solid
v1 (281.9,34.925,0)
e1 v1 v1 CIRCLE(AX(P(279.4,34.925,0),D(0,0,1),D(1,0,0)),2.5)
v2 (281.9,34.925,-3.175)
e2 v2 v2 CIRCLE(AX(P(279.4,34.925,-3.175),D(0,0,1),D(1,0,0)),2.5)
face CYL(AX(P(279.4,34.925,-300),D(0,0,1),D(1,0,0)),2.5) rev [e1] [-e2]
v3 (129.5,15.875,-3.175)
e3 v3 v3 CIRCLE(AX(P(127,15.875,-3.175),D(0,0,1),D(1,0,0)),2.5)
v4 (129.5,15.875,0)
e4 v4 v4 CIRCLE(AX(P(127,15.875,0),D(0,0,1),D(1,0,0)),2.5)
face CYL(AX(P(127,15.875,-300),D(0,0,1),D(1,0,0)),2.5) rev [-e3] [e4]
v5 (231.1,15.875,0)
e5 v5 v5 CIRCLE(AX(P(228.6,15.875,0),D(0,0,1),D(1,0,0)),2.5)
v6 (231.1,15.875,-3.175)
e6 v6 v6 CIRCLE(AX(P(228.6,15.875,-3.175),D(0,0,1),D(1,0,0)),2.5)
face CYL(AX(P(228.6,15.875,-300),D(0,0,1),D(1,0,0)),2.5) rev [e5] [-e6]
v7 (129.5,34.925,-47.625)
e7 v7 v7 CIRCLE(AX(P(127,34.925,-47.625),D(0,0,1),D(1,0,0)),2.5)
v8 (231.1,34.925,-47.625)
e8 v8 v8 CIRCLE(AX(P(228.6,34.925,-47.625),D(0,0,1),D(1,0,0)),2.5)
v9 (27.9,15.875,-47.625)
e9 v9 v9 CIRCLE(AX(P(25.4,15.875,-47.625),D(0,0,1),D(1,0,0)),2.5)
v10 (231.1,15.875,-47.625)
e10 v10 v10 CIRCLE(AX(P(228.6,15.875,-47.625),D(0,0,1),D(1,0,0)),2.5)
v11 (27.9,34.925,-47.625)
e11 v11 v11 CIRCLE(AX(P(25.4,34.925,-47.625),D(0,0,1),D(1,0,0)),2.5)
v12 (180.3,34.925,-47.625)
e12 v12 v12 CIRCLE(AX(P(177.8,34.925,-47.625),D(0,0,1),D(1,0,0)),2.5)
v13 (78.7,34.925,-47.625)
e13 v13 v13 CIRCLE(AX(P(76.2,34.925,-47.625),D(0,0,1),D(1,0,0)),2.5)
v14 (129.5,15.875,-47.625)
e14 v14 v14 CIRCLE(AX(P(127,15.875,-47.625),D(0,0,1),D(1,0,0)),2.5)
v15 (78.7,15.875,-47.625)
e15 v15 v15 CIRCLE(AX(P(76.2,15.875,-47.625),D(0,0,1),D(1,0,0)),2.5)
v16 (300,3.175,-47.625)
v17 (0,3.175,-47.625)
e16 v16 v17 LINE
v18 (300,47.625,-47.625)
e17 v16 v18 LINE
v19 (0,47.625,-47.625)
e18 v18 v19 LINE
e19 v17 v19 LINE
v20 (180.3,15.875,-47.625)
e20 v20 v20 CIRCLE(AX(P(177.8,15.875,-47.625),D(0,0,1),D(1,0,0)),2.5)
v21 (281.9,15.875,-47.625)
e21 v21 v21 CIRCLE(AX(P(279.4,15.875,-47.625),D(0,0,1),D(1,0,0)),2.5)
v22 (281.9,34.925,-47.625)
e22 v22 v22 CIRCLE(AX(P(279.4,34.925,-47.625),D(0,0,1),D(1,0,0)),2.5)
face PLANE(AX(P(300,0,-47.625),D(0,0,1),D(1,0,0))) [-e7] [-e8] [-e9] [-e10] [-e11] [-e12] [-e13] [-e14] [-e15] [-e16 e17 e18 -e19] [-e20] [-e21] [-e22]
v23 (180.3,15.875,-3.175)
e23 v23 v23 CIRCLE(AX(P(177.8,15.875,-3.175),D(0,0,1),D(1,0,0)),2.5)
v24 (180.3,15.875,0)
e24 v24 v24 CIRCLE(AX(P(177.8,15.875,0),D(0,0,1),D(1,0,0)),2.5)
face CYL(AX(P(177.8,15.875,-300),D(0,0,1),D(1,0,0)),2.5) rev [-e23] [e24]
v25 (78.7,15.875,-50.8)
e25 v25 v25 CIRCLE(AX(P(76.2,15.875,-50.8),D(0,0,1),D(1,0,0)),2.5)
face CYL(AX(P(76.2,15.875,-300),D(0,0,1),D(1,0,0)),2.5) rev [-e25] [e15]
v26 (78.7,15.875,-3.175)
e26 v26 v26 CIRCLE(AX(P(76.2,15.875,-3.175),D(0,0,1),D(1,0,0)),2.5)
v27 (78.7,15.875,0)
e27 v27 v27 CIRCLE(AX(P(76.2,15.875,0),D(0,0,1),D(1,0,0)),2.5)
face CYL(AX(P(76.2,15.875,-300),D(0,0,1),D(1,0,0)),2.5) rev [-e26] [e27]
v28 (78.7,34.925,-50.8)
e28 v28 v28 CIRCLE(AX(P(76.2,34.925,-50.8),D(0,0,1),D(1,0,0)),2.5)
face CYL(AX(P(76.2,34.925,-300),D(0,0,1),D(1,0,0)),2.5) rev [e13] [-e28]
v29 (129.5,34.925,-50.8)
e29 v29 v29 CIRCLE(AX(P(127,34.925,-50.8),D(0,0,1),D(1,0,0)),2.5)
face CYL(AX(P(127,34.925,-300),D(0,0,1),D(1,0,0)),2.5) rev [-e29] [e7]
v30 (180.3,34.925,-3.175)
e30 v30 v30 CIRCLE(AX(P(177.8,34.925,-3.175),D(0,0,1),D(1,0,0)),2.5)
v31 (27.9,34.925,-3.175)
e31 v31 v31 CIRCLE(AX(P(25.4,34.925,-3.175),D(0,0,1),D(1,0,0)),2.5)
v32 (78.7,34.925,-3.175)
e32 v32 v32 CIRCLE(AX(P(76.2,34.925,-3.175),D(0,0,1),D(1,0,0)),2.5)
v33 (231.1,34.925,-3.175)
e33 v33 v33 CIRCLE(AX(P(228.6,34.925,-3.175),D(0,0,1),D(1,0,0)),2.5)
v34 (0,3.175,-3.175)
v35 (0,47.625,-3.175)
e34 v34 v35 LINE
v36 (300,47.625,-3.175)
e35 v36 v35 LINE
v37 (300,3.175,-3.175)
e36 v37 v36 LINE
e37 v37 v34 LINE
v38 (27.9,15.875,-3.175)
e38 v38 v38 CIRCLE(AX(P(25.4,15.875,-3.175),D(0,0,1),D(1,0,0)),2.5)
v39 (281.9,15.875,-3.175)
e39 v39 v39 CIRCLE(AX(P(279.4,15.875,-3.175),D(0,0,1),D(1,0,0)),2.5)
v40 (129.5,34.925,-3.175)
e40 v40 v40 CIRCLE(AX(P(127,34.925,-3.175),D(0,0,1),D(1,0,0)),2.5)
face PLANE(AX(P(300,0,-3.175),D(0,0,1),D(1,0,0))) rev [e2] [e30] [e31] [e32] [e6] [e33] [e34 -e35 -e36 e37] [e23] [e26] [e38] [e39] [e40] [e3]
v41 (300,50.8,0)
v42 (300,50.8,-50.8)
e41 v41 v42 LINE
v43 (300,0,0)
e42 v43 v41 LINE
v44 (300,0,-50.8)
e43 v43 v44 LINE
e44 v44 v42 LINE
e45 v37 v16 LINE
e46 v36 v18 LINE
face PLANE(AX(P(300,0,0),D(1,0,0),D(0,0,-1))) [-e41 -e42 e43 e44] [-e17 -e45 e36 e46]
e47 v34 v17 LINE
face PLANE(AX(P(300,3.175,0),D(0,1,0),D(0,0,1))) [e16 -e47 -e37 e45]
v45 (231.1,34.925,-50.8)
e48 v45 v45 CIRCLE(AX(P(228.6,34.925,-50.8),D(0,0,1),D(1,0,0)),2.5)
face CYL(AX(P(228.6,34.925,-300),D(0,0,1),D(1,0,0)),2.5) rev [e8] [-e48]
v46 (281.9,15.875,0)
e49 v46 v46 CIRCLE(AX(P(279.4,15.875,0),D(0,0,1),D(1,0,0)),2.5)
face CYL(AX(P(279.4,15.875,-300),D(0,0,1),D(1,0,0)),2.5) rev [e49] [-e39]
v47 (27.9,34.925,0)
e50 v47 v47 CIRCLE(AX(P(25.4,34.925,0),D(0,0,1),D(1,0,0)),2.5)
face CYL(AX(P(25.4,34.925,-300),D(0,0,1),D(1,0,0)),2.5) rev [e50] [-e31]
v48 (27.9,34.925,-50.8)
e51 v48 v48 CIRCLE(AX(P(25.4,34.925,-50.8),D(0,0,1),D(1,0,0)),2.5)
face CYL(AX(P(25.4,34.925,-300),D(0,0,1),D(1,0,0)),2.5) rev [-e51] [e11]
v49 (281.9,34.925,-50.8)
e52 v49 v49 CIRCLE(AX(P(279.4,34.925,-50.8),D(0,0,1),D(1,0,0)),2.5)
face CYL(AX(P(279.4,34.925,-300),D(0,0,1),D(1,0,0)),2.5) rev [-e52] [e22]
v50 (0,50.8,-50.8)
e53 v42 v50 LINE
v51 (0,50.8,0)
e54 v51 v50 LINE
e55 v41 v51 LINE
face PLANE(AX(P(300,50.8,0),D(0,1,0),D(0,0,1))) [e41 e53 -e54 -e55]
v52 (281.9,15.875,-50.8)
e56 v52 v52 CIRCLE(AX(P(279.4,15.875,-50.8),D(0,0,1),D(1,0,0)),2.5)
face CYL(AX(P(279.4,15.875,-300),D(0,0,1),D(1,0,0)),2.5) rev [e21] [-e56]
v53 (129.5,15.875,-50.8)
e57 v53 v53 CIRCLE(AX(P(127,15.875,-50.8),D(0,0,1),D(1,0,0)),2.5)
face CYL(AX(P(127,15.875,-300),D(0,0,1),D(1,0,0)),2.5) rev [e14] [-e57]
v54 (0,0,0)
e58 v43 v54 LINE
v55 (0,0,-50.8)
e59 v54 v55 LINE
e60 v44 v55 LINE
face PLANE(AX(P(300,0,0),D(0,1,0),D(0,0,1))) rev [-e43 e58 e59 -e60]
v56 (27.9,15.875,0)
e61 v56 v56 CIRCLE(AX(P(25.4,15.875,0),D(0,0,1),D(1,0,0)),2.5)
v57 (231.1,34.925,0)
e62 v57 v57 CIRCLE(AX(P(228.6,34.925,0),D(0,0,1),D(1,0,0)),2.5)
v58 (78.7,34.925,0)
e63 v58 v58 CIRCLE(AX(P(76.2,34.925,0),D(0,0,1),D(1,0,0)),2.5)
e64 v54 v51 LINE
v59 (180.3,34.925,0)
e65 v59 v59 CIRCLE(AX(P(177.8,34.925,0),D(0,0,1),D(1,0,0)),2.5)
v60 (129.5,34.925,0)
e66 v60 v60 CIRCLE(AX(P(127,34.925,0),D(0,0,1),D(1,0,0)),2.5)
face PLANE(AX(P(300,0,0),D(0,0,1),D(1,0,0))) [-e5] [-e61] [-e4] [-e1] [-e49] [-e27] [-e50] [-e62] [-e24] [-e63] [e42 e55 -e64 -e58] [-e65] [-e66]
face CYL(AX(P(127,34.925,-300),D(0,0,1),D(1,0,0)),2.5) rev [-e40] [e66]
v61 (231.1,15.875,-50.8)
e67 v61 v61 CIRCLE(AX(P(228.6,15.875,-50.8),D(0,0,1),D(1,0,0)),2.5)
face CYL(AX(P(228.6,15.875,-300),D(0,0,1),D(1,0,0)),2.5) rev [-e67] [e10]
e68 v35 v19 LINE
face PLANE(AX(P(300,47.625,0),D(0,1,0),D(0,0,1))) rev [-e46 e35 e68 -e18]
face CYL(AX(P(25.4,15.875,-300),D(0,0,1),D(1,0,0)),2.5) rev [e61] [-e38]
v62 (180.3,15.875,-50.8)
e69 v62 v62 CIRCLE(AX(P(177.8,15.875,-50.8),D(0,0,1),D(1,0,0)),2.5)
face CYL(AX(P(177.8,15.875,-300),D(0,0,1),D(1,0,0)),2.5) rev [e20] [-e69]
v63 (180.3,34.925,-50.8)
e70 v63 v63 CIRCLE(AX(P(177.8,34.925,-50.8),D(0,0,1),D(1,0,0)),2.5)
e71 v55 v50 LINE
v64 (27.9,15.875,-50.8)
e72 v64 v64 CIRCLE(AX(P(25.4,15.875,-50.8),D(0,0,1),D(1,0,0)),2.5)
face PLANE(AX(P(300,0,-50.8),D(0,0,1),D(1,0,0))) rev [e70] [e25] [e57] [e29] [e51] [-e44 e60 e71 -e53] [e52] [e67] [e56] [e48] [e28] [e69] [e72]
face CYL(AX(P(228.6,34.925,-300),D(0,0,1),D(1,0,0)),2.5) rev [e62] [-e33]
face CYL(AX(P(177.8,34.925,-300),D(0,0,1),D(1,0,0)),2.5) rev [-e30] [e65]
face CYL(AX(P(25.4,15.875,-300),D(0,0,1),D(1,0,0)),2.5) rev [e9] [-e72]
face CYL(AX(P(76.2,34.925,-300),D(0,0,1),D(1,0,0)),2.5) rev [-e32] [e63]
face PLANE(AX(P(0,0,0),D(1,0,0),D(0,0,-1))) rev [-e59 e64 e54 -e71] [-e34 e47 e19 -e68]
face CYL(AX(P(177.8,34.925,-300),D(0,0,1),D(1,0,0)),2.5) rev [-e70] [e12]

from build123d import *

# Parameters (mm, degrees)
SKETCH1_W           = 50.8
SKETCH1_H           = 50.8
SKETCH1_W_2         = 44.45
SKETCH1_H_2         = 44.45
BOSS_EXTRUDE1_DEPTH = 300
SKETCH2_R           = 2.5
CUT_EXTRUDE1_DEPTH  = 300


with BuildPart() as part:
    # Sketch1 → Boss-Extrude1 (new body)
    with BuildSketch(Plane(origin=(0, 0, 0), x_dir=(0, 0, -1), z_dir=(1, 0, 0))):
        with Locations((25.4, 25.4)):
            Rectangle(SKETCH1_W, SKETCH1_H)
        with Locations((25.4, 25.4)):
            Rectangle(SKETCH1_W_2, SKETCH1_H_2, mode=Mode.SUBTRACT)
    extrude(amount=BOSS_EXTRUDE1_DEPTH)

    # Sketch2 → Cut-Extrude1 (cut)
    with BuildSketch(Plane.XY):
        with Locations((25.4, 15.875)):
            Circle(SKETCH2_R)
        with Locations((76.2, 15.875)):
            Circle(SKETCH2_R)
        with Locations((127, 15.875)):
            Circle(SKETCH2_R)
        with Locations((177.8, 15.875)):
            Circle(SKETCH2_R)
        with Locations((228.6, 15.875)):
            Circle(SKETCH2_R)
        with Locations((279.4, 15.875)):
            Circle(SKETCH2_R)
        with Locations((76.2, 34.925)):
            Circle(SKETCH2_R)
        with Locations((127, 34.925)):
            Circle(SKETCH2_R)
        with Locations((177.8, 34.925)):
            Circle(SKETCH2_R)
        with Locations((228.6, 34.925)):
            Circle(SKETCH2_R)
        with Locations((279.4, 34.925)):
            Circle(SKETCH2_R)
        with Locations((25.4, 34.925)):
            Circle(SKETCH2_R)
    extrude(amount=-CUT_EXTRUDE1_DEPTH, mode=Mode.SUBTRACT)


solid = part.part
